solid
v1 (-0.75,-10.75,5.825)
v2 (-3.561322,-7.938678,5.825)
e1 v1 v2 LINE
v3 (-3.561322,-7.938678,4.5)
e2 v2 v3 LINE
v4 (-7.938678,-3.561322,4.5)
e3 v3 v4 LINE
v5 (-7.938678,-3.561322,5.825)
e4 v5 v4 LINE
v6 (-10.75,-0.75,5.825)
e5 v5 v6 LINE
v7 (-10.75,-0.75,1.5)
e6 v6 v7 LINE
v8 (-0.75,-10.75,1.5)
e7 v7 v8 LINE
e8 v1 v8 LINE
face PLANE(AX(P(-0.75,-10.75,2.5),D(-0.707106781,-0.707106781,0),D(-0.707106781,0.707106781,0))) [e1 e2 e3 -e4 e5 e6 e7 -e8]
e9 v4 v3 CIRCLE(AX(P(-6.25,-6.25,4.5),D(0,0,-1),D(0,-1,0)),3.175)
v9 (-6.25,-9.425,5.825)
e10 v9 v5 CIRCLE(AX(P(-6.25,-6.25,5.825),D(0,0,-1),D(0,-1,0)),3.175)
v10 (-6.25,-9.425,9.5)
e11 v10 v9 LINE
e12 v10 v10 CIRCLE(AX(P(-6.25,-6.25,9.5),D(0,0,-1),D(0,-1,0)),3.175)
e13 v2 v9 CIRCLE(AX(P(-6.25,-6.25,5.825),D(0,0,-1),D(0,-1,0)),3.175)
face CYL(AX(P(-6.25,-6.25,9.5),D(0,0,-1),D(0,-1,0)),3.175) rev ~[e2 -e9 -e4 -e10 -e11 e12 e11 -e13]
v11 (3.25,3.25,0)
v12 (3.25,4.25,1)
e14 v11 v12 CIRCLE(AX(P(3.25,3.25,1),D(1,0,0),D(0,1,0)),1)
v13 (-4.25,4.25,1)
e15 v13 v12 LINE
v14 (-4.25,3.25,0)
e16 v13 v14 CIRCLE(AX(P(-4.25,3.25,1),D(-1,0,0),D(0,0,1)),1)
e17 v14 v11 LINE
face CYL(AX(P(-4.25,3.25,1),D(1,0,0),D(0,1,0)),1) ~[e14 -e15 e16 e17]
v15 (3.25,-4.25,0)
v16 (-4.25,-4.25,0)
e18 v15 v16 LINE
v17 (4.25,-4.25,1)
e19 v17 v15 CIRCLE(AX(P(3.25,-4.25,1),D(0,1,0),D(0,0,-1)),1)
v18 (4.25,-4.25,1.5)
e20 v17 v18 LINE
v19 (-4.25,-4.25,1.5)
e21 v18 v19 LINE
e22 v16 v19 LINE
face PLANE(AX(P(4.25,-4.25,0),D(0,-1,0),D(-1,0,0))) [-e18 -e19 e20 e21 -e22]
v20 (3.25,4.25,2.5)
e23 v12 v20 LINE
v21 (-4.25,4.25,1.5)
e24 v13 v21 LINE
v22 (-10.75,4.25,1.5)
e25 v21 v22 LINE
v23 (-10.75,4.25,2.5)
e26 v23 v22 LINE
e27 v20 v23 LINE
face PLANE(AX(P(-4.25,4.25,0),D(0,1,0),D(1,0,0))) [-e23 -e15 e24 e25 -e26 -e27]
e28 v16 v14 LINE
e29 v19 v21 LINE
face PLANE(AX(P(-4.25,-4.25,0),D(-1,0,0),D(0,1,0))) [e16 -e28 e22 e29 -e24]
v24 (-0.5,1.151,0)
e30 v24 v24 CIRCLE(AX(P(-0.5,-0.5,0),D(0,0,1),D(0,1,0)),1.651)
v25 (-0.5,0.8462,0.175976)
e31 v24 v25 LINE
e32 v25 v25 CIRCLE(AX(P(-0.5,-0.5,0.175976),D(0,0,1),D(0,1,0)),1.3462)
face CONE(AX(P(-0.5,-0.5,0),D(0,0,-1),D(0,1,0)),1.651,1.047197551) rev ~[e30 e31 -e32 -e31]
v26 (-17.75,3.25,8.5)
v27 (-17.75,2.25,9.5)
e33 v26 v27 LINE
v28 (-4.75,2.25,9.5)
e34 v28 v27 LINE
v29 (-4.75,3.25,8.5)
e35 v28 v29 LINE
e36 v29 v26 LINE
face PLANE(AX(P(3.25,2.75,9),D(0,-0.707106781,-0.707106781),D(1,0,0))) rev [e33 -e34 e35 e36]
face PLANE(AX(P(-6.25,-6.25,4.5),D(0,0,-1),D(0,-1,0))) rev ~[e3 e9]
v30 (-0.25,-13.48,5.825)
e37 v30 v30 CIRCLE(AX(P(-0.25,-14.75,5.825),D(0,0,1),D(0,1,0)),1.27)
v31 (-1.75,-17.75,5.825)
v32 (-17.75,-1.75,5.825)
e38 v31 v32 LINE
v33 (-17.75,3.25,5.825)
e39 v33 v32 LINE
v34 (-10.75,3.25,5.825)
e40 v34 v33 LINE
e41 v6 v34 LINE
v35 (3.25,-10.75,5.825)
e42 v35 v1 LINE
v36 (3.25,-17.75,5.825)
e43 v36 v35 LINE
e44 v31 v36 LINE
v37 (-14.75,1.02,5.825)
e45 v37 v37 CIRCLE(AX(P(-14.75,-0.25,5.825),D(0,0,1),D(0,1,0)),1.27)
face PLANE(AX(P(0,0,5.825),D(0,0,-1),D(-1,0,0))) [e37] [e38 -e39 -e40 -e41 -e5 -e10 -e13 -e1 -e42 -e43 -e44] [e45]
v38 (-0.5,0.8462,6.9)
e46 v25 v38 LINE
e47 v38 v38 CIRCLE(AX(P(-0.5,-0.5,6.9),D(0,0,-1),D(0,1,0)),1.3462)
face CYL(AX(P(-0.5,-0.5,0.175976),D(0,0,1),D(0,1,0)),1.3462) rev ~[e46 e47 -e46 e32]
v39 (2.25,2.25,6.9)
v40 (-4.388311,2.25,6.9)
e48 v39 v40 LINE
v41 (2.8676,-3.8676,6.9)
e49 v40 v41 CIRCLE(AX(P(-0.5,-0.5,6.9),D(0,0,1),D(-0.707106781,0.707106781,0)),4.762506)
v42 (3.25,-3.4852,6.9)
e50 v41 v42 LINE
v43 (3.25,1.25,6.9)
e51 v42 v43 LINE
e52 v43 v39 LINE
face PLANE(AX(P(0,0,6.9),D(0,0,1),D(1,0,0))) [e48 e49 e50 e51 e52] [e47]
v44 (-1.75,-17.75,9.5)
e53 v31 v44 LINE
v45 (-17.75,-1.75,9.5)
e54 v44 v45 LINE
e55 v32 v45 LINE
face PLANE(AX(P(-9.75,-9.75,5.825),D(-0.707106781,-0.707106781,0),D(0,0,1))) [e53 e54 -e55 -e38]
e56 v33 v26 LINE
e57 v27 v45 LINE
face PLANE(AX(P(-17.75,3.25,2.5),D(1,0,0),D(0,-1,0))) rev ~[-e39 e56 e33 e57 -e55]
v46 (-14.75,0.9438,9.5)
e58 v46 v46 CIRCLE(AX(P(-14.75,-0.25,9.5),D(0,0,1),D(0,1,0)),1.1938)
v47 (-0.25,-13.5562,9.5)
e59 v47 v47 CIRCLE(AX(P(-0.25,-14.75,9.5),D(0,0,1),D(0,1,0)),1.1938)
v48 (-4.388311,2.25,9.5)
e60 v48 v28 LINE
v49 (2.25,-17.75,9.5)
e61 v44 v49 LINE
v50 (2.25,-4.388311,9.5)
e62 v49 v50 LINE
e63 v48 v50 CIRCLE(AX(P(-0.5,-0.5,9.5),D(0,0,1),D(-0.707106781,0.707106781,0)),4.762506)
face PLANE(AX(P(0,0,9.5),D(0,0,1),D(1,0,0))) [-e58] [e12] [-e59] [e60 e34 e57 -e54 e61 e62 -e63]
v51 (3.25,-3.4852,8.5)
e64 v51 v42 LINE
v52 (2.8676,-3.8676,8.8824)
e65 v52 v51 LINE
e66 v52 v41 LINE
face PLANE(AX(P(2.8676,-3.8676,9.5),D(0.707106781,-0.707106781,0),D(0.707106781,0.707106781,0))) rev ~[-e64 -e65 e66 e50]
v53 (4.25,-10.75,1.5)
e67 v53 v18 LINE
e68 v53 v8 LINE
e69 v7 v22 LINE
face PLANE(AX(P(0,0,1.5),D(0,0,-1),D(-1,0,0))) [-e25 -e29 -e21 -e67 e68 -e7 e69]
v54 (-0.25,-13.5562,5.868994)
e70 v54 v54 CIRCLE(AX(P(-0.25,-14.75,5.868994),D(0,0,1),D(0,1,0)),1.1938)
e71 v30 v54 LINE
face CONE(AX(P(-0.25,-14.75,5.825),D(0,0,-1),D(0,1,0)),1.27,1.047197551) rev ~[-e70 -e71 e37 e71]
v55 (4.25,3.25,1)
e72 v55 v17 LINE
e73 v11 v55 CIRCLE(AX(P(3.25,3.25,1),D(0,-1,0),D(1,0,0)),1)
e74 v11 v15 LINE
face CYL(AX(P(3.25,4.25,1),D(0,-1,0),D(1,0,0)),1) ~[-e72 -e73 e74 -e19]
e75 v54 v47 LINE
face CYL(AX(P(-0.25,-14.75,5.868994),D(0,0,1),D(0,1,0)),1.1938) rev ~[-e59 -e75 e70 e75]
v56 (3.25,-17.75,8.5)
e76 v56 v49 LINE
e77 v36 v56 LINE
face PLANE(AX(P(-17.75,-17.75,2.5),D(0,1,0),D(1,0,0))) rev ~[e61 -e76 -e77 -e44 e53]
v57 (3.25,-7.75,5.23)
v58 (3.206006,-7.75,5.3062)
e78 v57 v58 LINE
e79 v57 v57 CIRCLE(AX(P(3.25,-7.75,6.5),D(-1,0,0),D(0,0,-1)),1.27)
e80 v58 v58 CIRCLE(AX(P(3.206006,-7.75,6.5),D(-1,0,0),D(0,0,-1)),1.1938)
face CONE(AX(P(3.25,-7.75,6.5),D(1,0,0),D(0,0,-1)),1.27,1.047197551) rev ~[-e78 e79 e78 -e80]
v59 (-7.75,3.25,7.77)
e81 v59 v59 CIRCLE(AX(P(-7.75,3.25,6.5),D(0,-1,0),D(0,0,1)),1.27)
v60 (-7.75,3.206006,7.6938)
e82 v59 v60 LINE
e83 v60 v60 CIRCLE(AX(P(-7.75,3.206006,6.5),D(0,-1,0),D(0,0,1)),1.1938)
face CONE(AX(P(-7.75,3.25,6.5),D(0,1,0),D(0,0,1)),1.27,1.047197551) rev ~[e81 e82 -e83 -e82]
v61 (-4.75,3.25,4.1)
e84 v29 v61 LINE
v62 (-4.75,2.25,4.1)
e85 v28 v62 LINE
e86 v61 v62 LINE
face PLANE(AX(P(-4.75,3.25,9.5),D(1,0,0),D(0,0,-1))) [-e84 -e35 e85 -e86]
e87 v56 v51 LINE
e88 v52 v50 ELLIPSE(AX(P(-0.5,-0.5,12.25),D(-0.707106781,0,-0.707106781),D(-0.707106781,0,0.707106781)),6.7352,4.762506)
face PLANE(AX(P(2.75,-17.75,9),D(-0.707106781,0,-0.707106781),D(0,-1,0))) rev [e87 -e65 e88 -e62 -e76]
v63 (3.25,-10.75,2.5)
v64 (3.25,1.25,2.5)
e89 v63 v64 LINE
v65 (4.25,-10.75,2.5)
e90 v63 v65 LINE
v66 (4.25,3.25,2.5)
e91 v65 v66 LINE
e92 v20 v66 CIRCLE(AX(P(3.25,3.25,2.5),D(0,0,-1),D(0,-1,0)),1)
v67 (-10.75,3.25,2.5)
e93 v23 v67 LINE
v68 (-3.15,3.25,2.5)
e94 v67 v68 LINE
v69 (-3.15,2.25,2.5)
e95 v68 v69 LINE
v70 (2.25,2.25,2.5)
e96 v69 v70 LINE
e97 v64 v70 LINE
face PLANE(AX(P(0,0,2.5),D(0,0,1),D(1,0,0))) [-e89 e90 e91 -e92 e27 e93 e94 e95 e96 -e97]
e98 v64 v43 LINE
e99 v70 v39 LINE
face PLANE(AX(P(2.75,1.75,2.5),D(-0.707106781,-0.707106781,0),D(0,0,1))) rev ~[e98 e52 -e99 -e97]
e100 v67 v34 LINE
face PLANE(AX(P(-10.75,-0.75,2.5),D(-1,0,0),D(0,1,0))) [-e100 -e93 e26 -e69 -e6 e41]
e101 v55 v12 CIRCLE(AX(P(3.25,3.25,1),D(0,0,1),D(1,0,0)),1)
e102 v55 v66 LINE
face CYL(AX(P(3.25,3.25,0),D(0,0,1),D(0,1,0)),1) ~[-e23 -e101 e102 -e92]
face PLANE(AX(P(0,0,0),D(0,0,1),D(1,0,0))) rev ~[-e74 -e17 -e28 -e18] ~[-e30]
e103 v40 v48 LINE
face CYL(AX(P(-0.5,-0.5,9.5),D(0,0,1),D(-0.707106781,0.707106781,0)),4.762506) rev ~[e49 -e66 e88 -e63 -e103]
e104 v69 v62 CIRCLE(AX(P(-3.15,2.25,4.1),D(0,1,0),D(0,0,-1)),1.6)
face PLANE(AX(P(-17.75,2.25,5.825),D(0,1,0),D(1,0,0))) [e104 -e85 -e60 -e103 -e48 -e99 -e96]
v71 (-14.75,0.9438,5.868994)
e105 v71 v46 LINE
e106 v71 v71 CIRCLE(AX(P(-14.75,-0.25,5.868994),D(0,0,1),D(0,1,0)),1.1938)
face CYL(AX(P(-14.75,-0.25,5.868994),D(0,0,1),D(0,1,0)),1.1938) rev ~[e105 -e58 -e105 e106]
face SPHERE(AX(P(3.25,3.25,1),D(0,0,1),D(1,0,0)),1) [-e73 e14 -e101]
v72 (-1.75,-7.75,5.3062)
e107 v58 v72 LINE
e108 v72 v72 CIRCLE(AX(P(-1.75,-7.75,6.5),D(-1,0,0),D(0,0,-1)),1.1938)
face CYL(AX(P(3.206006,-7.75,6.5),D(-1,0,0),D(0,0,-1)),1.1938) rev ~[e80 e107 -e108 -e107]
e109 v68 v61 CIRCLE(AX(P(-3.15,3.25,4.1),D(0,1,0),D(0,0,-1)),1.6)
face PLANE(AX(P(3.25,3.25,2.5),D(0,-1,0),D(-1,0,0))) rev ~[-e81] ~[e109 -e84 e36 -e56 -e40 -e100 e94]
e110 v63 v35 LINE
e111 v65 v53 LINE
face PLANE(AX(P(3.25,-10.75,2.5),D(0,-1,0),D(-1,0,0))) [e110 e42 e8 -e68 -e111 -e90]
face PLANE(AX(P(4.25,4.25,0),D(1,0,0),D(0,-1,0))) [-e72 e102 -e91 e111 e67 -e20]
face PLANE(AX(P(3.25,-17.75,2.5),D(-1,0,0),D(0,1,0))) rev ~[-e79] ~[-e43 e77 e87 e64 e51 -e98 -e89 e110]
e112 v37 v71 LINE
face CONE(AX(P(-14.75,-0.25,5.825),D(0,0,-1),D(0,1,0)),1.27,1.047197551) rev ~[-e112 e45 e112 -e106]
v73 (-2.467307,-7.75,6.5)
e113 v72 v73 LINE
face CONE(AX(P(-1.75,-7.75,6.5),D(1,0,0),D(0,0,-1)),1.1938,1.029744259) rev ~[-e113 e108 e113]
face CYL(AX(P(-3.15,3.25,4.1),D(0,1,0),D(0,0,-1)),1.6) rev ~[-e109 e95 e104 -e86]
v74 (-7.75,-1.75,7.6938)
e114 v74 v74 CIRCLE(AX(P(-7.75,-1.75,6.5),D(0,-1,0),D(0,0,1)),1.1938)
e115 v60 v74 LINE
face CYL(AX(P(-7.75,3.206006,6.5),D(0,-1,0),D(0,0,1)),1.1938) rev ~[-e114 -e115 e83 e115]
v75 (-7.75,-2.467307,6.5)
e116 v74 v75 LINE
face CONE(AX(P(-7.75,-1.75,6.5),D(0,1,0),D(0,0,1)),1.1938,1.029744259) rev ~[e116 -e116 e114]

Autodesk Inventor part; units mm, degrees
ref_plane "YZ Plane" through (0, 0, 0) normal (1, 0, 0) x (0, 1, 0)
ref_plane "XZ Plane" through (0, 0, 0) normal (0, 1, 0) x (-1, 0, 0)
ref_plane "XY Plane" through (0, 0, 0) normal (0, 0, 1) x (1, 0, 0)
sketch "Sketch1" plane through (0, 0, 0) normal (0, 0, 1) x (1, 0, 0)
  line L0 (-4.25, 4.25) -> (4.25, 4.25)
  line L1 (4.25, 4.25) -> (4.25, -4.25)
  line L2 (4.25, -4.25) -> (-4.25, -4.25)
  line L3 (-4.25, -4.25) -> (-4.25, 4.25)
  point P0 (0, 0)
  dimension "d0" = 8.5
  dimension "d1" = 8.5
  dimension "d2" = 4.25
  dimension "d3" = 4.25
extrude "Extrusion1" add sketch "Sketch1" along normal blind 2.5
fillet "Fillet2" radius 1 3 edges at (4.25, 4.25, 1.25) (4.25, 0, 0) (0, 4.25, 0)
sketch "Sketch10" plane through (0, 0, 2.5) normal (0, 0, 1) x (1, 0, 0)
  line L0 (4.25, 3.25) -> (4.25, -4.25) projected
  line L1 (-4.25, 4.25) -> (3.25, 4.25) projected
  line L2 (3.25, 3.25) -> (-17.75, 3.25)
  line L3 (-17.75, 3.25) -> (-17.75, -17.75)
  line L4 (-17.75, -17.75) -> (3.25, -17.75)
  line L5 (3.25, -17.75) -> (3.25, 3.25)
  point P0 (0, 0)
  dimension "d113" = 1
  dimension "d114" = 1
  dimension "d115" = 21
  dimension "d116" = 21
extrude "Extrusion8" add sketch "Sketch10" along normal blind 7
hole "Hole9" at (3.25, -7.75, 6.5) direction (-1, 0, 0) diameter 2.3876 depth 5 tip angle 118 countersink diameter 2.54 countersink angle 120
hole "Hole10" at (-7.75, 3.25, 6.5) direction (0, -1, 0) diameter 2.3876 depth 5 tip angle 118 countersink diameter 2.54 countersink angle 120
hole "Hole11" at (-6.25, -6.25, 9.5) direction (0, 0, -1) diameter 6.35 depth 5
sketch "Sketch11" plane through (0, 0, 2.5) normal (0, 0, -1) x (-1, 0, 0)
  line L0 (17.75, -17.75) -> (-3.25, -17.75) projected
  line L1 (17.75, 3.25) -> (17.75, -17.75) projected
  line L2 (4.25, 3.25) -> (17.75, 3.25) projected
  line L3 (10.75, 3.25) -> (17.75, 3.25)
  line L4 (17.75, 3.25) -> (17.75, -17.75)
  line L5 (17.75, -17.75) -> (-3.25, -17.75)
  line L6 (-3.25, -17.75) -> (-3.25, -10.75)
  line L7 (-3.25, -10.75) -> (0.75, -10.75)
  line L8 (0.75, -10.75) -> (10.75, -0.75)
  line L9 (10.75, -0.75) -> (10.75, 3.25)
  point P0 (0, 0)
  dimension "d146" = 14
  dimension "d158" = 4
extrude "Extrusion9" cut sketch "Sketch11" against normal blind 3.325
hole "Hole12" at (-0.25, -14.75, 5.825) direction (0, 0, 1) diameter 2.3876 end through all countersink diameter 2.54 countersink angle 120
hole "Hole13" at (-14.75, -0.25, 5.825) direction (0, 0, 1) diameter 2.3876 end through all countersink diameter 2.54 countersink angle 120
chamfer "Chamfer3" distance 16 angle 45 1 edges at (-17.75, -17.75, 7.6625)
chamfer "Chamfer4" distance 1 angle 45 2 edges at (-7.25, 3.25, 9.5) (3.25, -7.25, 9.5)
sketch "Sketch15" plane through (0, 0, 2.5) normal (0, 0, 1) x (1, 0, 0)
  line L0 (-4.25, 3.25) -> (3.25, 3.25) projected
  line L1 (3.25, 3.25) -> (3.25, -4.25) projected
  line L2 (4.25, -4.25) -> (3.25, -4.25) projected
  line L3 (4.25, 3.25) -> (4.25, -4.25) projected
  arc A0 (4.25, 3.25) -> (3.25, 4.25) centre (3.25, 3.25) ccw projected
  line L4 (-4.25, 4.25) -> (3.25, 4.25) projected
  line L5 (-4.25, 3.25) -> (-4.25, 4.25) projected
  point P0 (0, 0)
extrude "Extrusion11" [suppressed]
chamfer "Chamfer6" distance 1 angle 45 1 edges at (3.25, 3.25, 5.5)
hole "Hole16" at (-0.5, -0.5, 0) direction (0, 0, 1) diameter 2.6924 end through all countersink diameter 3.302 countersink angle 120
sketch "Sketch16" plane through (0, 0, 2.5) normal (0, 0, -1) x (-1, 0, 0)
  line L0 (-3.25, -10.75) -> (0.75, -10.75) projected
  line L1 (10.75, -0.75) -> (10.75, 3.25) projected
  line L2 (4.25, 3.25) -> (10.75, 3.25) projected
  line L3 (4.25, -4.25) -> (4.25, 3.25) projected
  line L4 (-3.25, -4.25) -> (4.25, -4.25) projected
  line L5 (-3.25, -10.75) -> (-3.25, -4.25) projected
  line L6 (4.25, 4.25) -> (10.75, 4.25)
  line L7 (10.75, 4.25) -> (10.75, -0.75)
  line L8 (10.75, -0.75) -> (0.75, -10.75)
  line L9 (0.75, -10.75) -> (-4.25, -10.75)
  line L10 (-4.25, -10.75) -> (-4.25, -4.25)
  line L11 (-4.25, -4.25) -> (4.25, -4.25)
  line L12 (4.25, -4.25) -> (4.25, 4.25)
  point P0 (0, 0)
  dimension "d213" = 1
  dimension "d214" = 1
extrude "Extrusion12" add sketch "Sketch16" along normal blind 1
sketch "Sketch17" plane through (0, 0, 9.5) normal (0, 0, 1) x (1, 0, 0)
  circle A0 centre (-0.5, -0.5) radius 1.3462 projected
  arc A1 (5.6176, -1.1176) -> (-1.1176, 5.6176) centre (2.25, 2.25) ccw
  line L0 (-3.8676, 2.8676) -> (-1.1176, 5.6176)
  line L1 (2.8676, -3.8676) -> (5.6176, -1.1176)
  arc A2 (-3.8676, 2.8676) -> (2.8676, -3.8676) centre (-0.5, -0.5) ccw
  line L2 (3.4997, 3.4997) -> (-5.0832, -5.0832) construction
  line L3 (3.25, -17.75) -> (3.25, 2.25) projected
  point P0 (0, 0)
  dimension "d221" = 9.525
  dimension "d222" = 3.75
extrude "Extrusion13" cut sketch "Sketch17" against normal blind 2.6
sketch "Sketch18" plane through (-17.75, 3.25, 5.825) normal (0, 1, 0) x (1, 0, 0)
  line L0 (21, -3.675) -> (13, -3.675)
  line L1 (13, -3.675) -> (13, 1.725)
  line L2 (14.6, 3.325) -> (21, 3.325)
  line L3 (21, 3.325) -> (21, -3.675)
  arc A0 (14.6, 3.325) -> (13, 1.725) centre (14.6, 1.725) ccw
  line L4 (21, -1.075) -> (21, 3.325) projected
  line L5 (20, -3.675) -> (16, -3.675) projected
  line L6 (7, 3.325) -> (21, 3.325) projected
  point P0 (17.75, 5.825)
  dimension "d223" = 1.6
  dimension "d224" = 8
extrude "Extrusion14" cut sketch "Sketch18" against normal blind 1
chamfer "Chamfer7" distance 1 angle 45 1 edges at (3.25, 2.25, 4.7)
properties part number "nub_minusZ_3_plunger" material "Aluminum-6061"
